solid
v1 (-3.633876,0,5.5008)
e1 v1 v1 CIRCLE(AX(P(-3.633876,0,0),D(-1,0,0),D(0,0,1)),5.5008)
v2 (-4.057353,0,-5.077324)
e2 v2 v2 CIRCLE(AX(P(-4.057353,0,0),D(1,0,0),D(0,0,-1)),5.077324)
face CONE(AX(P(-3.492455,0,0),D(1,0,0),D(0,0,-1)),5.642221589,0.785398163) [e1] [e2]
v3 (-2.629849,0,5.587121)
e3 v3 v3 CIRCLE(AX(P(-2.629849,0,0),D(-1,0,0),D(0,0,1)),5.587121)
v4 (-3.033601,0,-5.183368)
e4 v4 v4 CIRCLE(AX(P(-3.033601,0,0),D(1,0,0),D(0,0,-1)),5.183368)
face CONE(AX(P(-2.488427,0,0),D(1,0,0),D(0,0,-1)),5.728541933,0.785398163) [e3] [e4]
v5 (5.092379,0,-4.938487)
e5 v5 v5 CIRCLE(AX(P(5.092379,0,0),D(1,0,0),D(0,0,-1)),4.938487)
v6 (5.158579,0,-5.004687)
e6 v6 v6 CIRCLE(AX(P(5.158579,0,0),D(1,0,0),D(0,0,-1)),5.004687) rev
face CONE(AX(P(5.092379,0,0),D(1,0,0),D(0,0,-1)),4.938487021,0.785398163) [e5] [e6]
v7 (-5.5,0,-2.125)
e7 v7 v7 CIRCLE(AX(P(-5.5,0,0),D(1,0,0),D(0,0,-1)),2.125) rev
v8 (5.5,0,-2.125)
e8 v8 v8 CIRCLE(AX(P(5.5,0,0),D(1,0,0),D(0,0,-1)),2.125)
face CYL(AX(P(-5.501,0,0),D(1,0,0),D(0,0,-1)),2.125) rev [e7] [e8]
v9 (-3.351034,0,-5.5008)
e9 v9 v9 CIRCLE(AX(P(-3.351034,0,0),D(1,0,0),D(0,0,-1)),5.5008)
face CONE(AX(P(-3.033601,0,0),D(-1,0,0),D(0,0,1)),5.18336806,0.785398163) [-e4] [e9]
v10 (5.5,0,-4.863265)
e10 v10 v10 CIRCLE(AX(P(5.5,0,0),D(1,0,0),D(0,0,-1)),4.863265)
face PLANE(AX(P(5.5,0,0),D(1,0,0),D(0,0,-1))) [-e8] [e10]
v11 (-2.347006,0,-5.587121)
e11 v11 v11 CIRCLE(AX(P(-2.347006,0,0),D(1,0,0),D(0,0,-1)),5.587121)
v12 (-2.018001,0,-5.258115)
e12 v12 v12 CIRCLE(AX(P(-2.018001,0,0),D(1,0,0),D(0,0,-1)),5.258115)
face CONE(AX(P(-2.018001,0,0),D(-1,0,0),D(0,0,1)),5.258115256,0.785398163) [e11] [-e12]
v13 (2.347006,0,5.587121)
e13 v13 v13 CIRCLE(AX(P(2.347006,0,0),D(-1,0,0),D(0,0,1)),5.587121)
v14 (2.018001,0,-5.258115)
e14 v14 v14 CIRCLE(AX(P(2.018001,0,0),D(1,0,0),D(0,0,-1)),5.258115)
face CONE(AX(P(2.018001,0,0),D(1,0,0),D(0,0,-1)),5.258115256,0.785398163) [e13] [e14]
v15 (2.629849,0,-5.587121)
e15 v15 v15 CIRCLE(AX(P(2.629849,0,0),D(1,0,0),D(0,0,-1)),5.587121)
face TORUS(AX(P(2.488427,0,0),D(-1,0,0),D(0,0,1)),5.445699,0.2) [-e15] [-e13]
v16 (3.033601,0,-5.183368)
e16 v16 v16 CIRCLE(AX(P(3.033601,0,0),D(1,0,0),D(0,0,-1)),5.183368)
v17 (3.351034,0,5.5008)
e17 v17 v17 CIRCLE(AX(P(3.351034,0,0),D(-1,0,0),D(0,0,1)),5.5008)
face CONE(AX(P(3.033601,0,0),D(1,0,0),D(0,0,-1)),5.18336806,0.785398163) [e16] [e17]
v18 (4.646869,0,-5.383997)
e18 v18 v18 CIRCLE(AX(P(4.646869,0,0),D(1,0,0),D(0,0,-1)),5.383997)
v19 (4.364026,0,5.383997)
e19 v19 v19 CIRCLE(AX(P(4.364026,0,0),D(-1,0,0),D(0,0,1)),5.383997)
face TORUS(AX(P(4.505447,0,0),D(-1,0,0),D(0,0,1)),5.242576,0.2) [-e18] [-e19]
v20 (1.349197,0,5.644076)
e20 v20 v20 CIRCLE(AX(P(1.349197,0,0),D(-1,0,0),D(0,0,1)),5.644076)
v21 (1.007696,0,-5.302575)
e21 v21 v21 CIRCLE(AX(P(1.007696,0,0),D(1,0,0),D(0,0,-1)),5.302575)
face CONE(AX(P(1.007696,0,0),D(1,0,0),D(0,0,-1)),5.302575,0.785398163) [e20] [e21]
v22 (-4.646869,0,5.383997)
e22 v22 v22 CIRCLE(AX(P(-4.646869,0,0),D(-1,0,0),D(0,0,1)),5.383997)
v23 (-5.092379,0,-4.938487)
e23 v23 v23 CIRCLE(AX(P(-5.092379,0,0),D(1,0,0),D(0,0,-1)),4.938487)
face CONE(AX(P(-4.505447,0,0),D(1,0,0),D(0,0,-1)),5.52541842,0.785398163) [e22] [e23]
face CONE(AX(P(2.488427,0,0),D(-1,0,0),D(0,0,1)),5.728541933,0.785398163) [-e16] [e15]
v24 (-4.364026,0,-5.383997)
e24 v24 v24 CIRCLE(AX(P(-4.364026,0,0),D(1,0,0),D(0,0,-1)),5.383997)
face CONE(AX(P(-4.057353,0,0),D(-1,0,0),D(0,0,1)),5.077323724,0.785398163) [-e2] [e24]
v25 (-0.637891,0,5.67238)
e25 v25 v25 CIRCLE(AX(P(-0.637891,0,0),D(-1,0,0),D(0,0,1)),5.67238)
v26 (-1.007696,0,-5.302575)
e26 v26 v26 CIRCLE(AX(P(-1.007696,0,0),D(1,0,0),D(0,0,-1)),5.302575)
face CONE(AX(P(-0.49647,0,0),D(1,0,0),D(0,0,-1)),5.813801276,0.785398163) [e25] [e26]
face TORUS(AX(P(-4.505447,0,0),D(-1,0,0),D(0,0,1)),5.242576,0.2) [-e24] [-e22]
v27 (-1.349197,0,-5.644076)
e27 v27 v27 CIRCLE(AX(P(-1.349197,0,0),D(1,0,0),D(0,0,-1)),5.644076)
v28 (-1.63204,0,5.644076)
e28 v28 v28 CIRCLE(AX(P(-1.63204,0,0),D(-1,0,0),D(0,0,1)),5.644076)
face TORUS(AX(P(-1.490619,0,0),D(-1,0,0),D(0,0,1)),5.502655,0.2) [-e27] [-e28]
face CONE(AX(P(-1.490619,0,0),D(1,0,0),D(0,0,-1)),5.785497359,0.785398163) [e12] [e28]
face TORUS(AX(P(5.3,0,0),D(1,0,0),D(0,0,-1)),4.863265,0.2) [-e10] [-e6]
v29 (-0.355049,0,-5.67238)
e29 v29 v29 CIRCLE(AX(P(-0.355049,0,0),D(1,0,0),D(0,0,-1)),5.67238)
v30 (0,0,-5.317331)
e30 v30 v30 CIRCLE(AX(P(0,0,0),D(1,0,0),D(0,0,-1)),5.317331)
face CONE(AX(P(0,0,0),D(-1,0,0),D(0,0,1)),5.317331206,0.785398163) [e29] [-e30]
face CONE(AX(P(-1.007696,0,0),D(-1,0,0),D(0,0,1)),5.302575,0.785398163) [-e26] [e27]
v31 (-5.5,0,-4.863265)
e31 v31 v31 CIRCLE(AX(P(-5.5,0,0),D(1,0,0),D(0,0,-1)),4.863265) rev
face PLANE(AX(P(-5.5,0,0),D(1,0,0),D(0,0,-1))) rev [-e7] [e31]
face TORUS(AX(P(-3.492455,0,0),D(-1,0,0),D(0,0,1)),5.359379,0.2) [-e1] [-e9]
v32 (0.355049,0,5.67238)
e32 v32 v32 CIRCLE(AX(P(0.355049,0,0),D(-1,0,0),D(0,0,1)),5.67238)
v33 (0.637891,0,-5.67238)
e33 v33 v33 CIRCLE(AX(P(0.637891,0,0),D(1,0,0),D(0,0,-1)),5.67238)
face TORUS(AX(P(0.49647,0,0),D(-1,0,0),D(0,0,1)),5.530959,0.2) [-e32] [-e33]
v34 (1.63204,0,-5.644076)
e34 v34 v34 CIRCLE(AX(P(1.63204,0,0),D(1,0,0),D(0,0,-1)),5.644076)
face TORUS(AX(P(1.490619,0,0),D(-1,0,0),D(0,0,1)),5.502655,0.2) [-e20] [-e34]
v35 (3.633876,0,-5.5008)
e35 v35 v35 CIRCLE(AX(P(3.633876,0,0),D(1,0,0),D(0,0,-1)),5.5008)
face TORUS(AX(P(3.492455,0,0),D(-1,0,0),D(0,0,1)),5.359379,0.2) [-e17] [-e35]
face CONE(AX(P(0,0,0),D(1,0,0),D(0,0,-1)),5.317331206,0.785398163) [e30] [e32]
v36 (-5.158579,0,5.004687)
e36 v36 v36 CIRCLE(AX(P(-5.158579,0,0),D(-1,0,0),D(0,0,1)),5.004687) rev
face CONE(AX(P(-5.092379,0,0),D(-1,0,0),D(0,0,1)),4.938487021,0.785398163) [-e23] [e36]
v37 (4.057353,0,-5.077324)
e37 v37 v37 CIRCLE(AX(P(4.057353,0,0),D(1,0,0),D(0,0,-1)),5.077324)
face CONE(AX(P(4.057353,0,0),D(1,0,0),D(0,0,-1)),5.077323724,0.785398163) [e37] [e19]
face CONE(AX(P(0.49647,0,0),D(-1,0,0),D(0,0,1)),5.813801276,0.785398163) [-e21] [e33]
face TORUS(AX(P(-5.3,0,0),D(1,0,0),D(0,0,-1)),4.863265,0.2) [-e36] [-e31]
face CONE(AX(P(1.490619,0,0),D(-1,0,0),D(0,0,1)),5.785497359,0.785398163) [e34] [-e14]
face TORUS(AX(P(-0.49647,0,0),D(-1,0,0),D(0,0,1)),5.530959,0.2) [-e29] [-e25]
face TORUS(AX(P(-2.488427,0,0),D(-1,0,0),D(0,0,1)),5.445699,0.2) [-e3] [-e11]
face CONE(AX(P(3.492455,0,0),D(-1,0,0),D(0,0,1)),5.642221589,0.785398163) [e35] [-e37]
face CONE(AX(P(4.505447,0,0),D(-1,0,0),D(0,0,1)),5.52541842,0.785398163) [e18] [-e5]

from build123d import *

# Parameters (mm, degrees)
SKETCH2_R           = 4.875
BOSS_EXTRUDE1_DEPTH = 5.5
CUT_EXTRUDE1_REACH  = 15.733
SKETCH4_R           = 2.125
FILLET1_R           = 0.2


with BuildPart() as part:
    # Sketch2 → Boss-Extrude1 (new, symmetric)
    with BuildSketch(Plane(origin=(0, 0, 0), x_dir=(0, 0, -1), z_dir=(1, 0, 0))):
        Circle(SKETCH2_R)
    extrude(amount=BOSS_EXTRUDE1_DEPTH, both=True)

    # Sketch5 → Revolve1 (revolve)
    with BuildSketch(Plane(origin=(0, 0, 0), x_dir=(1, 0, 0), z_dir=(0, 1, 0))):
        Polygon((-5.5, 5.346108171), (-5.5, 4.875), (5.5, 4.875), (5.5, 5.346108171), (5.09237885, 4.938487021), (4.50544745, 5.52541842), (4.057352754, 5.077323724), (3.492454889, 5.642221589), (3.033601359, 5.18336806), (2.488427486, 5.728541933), (2.018000809, 5.258115256), (1.490618706, 5.785497359), (1.007696347, 5.302575), (0.49647007, 5.813801276), (0, 5.317331206), (-0.49647007, 5.813801276), (-1.007696347, 5.302575), (-1.490618706, 5.785497359), (-2.018000809, 5.258115256), (-2.488427486, 5.728541933), (-3.033601359, 5.18336806), (-3.492454889, 5.642221589), (-4.057352754, 5.077323724), (-4.50544745, 5.52541842), (-5.09237885, 4.938487021), align=None)
    revolve(axis=Axis((5.5, 0, 0), (-1, 0, 0)))

    # Sketch4 → Cut-Extrude1 (cut, up to next)
    with BuildSketch(Plane(origin=(5.5, 0, 0), x_dir=(0, 0, -1), z_dir=(1, 0, 0)), mode=Mode.PRIVATE) as cut_extrude1_sk1:
        Circle(SKETCH4_R)
    cut_extrude1_tool1 = extrude(cut_extrude1_sk1.sketch, amount=-CUT_EXTRUDE1_REACH, mode=Mode.PRIVATE) & part.part
    add(cut_extrude1_tool1.solids().sort_by_distance((5.5, 0, 0))[0], mode=Mode.SUBTRACT)

    # Fillet1
    fillet1_edges = [part.edges().sort_by_distance(p)[0] for p in [
        (5.5, 0, 5.346108171),
        (4.50544745, 0, 5.52541842),
        (3.492454889, 0, 5.642221589),
        (2.488427486, 0, 5.728541933),
        (1.490618706, 0, 5.785497359),
        (0.49647007, 0, 5.813801276),
        (-0.49647007, 0, 5.813801276),
        (-1.490618706, 0, 5.785497359),
        (-2.488427486, 0, 5.728541933),
        (-3.492454889, 0, 5.642221589),
        (-4.50544745, 0, 5.52541842),
        (-5.5, 0, 5.346108171),
    ]]
    fillet(fillet1_edges, radius=FILLET1_R)


solid = part.part
